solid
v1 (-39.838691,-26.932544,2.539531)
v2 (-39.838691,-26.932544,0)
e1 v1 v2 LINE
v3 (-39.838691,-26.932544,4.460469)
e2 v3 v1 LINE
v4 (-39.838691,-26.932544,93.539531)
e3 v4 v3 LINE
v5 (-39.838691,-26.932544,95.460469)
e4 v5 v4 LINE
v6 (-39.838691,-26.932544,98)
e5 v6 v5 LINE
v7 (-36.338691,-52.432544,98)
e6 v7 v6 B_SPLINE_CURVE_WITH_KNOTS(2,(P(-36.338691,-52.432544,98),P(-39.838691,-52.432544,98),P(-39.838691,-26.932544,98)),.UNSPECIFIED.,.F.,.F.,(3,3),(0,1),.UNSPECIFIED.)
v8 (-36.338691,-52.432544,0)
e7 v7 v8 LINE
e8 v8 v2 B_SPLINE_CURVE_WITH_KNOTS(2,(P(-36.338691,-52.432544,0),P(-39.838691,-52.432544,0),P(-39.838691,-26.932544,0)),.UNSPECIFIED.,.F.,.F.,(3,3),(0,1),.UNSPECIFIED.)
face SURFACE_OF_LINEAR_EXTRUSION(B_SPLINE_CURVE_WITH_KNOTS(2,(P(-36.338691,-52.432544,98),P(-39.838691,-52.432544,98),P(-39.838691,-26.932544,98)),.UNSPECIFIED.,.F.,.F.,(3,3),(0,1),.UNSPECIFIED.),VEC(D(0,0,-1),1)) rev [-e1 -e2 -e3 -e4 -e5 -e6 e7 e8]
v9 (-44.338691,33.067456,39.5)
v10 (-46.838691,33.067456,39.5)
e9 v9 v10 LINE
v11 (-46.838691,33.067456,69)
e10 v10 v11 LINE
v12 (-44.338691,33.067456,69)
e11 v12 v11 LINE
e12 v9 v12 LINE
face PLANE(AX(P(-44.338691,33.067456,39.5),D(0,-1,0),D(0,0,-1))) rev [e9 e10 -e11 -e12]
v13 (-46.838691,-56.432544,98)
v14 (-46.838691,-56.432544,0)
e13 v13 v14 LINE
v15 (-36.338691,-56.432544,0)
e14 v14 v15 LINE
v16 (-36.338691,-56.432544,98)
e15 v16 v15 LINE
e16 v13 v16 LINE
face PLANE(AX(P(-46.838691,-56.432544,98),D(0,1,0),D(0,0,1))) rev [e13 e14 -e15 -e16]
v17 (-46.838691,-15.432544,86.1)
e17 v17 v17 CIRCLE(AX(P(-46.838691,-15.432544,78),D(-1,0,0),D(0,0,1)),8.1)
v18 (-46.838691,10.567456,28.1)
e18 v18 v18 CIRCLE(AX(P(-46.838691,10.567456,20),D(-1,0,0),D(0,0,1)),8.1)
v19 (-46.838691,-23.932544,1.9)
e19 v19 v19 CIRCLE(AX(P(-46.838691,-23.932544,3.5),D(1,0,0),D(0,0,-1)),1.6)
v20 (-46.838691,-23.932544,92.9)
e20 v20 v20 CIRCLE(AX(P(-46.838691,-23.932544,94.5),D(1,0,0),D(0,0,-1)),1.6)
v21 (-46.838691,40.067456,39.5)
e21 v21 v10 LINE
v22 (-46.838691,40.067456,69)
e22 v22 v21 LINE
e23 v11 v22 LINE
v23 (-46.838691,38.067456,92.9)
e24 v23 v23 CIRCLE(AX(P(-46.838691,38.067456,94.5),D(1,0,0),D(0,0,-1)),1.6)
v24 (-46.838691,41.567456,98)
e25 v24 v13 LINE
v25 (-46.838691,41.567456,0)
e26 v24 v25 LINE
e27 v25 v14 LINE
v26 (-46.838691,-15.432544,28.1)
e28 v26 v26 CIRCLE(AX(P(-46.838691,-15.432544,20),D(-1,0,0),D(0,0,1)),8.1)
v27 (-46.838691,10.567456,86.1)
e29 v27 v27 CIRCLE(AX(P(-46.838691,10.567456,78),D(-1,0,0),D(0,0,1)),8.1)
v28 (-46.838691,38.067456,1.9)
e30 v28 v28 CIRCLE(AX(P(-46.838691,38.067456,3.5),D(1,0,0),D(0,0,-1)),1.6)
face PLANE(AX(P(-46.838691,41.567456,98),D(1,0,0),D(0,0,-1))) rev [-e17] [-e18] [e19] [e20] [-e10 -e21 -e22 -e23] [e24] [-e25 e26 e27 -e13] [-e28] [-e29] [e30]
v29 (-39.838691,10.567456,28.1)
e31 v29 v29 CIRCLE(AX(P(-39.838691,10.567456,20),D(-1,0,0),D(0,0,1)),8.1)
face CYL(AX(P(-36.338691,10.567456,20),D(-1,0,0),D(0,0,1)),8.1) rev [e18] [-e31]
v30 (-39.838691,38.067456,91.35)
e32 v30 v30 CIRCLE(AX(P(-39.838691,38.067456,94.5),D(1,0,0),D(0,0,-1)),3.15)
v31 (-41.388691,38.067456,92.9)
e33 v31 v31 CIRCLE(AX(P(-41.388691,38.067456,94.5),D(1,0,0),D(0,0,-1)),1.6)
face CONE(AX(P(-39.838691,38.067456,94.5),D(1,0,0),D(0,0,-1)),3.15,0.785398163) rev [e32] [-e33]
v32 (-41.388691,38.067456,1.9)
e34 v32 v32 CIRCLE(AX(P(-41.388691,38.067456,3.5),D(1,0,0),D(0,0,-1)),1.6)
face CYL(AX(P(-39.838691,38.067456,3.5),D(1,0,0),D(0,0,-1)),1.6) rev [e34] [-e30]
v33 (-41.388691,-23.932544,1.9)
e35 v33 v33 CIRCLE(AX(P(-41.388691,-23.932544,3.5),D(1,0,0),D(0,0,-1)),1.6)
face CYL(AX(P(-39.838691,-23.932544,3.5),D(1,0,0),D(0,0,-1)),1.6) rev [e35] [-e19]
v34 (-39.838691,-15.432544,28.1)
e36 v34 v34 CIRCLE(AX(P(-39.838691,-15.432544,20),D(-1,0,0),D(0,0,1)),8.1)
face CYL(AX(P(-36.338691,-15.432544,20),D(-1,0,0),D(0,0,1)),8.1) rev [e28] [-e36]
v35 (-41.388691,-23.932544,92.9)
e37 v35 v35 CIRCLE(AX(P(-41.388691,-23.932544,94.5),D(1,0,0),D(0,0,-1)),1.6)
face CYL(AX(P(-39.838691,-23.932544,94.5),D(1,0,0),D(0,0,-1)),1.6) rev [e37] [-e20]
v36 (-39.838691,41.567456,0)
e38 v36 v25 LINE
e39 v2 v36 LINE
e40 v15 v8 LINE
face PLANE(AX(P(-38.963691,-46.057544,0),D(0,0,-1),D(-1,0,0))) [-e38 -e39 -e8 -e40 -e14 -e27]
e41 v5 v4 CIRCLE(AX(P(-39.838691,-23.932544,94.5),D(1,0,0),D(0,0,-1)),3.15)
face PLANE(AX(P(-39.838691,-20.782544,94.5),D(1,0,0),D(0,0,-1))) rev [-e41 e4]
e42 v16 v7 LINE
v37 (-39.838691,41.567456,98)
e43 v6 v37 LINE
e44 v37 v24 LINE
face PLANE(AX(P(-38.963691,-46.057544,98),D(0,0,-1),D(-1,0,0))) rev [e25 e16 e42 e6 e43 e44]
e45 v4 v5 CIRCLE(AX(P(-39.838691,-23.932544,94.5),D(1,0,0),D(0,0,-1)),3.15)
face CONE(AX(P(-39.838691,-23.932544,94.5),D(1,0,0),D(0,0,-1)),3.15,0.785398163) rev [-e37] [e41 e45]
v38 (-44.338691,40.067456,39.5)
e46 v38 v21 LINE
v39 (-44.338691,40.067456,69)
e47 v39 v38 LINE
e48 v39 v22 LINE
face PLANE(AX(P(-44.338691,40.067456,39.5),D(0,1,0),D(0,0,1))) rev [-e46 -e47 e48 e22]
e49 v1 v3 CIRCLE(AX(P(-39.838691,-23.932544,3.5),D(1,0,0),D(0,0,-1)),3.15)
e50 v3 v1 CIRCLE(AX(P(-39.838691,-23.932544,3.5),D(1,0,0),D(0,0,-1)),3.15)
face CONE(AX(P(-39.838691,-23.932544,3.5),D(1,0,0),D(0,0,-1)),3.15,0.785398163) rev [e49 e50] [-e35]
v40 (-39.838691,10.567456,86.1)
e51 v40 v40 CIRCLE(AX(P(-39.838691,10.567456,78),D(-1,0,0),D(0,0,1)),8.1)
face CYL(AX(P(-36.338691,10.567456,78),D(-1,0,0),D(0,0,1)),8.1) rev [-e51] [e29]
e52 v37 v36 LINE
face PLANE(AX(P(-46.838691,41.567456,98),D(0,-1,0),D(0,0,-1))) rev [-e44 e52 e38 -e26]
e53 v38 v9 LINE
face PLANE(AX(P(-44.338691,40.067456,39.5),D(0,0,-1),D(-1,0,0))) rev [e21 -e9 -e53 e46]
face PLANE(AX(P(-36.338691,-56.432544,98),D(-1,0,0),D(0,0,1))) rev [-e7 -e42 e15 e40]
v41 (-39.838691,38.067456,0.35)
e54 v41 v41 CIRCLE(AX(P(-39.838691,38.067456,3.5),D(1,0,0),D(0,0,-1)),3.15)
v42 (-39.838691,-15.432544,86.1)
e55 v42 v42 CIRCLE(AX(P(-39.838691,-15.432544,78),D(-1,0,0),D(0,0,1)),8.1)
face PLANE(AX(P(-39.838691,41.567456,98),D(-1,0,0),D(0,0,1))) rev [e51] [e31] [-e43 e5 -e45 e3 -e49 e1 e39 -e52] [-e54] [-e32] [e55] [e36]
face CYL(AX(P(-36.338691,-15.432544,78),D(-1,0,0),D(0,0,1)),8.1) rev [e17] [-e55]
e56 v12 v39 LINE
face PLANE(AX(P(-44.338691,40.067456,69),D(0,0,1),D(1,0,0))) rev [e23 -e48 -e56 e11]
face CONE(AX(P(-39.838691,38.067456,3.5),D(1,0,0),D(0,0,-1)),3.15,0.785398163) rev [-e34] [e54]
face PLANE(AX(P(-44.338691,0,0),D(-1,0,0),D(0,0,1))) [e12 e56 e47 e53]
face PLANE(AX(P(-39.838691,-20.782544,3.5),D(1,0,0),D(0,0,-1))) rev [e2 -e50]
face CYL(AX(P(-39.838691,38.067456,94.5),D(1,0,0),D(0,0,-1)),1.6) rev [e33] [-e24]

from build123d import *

# Parameters (mm, degrees)
BOSS_EXTRUDE1_DEPTH                            = 98
SKETCH2_R                                      = 8.1
CUT_EXTRUDE1_DEPTH                             = 114.573245575
CSK_FOR_M3_FLAT_HEAD_MACHINE_SCREW2_AT_2_COUNT = 2
CSK_FOR_M3_FLAT_HEAD_MACHINE_SCREW2_AT_2_PITCH = 62
CSK_FOR_M3_FLAT_HEAD_MACHINE_SCREW2_AT_3_COUNT = 2
CSK_FOR_M3_FLAT_HEAD_MACHINE_SCREW2_AT_3_PITCH = 110.113577728
CSK_FOR_M3_FLAT_HEAD_MACHINE_SCREW2_AT_4_COUNT = 2
CSK_FOR_M3_FLAT_HEAD_MACHINE_SCREW2_AT_4_PITCH = 91
SKETCH9_W                                      = 29.5
SKETCH9_H                                      = 7
CUT_EXTRUDE2_DEPTH                             = 2.5


with BuildPart() as part:
    # Sketch1 → Boss-Extrude1 (new body)
    with BuildSketch(Plane.XY):
        with BuildLine():
            Line((-46.838690812, 41.567455511), (-46.838690812, -56.432544489))
            Line((-46.838690812, -56.432544489), (-36.338690812, -56.432544489))
            Line((-36.338690812, -56.432544489), (-36.338690812, -52.432544489))
            add(Edge.make_bspline(
                [(-39.838690812, -26.932544489), (-39.838690812, -52.432544489), (-36.338690812, -52.432544489)],
                knots=[0, 0, 0, 1, 1, 1], degree=2))
            Line((-39.838690812, -26.932544489), (-39.838690812, 41.567455511))
            Line((-39.838690812, 41.567455511), (-46.838690812, 41.567455511))
        make_face()
    extrude(amount=BOSS_EXTRUDE1_DEPTH)

    # Sketch2 → Cut-Extrude1 (cut, through all)
    with BuildSketch(Plane.ZY.offset(46.838690812)):
        with Locations((20, 10.567455511)):
            Circle(SKETCH2_R)
        with Locations((78, 10.567455511)):
            Circle(SKETCH2_R)
        with Locations((78, -15.432544489)):
            Circle(SKETCH2_R)
        with Locations((20, -15.432544489)):
            Circle(SKETCH2_R)
    extrude(amount=-CUT_EXTRUDE1_DEPTH, mode=Mode.SUBTRACT)

    # Sketch8 → CSK for M3 Flat Head Machine Screw2 (revolve, cut)
    with BuildSketch(Plane(origin=(-39.838690812, 38.067455511, 94.5), x_dir=(0, 0, -1), z_dir=(0, 1, 0))):
        Polygon((0, 0), (0, 10.96137699), (1.6, 10), (1.6, 1.55), (3.15, 0), align=None)
    csk_for_m3_flat_head_machine_screw2 = revolve(axis=Axis((-33.488690812, 38.067455511, 94.5), (-1, 0, 0)), mode=Mode.SUBTRACT)

    # CSK for M3 Flat Head Machine Screw2 at 2: CSK for M3 Flat Head Machine Screw2 ×2
    with Locations(*[(0, -i * CSK_FOR_M3_FLAT_HEAD_MACHINE_SCREW2_AT_2_PITCH, 0) for i in range(1, CSK_FOR_M3_FLAT_HEAD_MACHINE_SCREW2_AT_2_COUNT)]):
        add(csk_for_m3_flat_head_machine_screw2, mode=Mode.SUBTRACT)

    # CSK for M3 Flat Head Machine Screw2 at 3: CSK for M3 Flat Head Machine Screw2 ×2
    with Locations(*[Vector(0, -0.5630549953912599, -0.8264194287194296) * (i * CSK_FOR_M3_FLAT_HEAD_MACHINE_SCREW2_AT_3_PITCH) for i in range(1, CSK_FOR_M3_FLAT_HEAD_MACHINE_SCREW2_AT_3_COUNT)]):
        add(csk_for_m3_flat_head_machine_screw2, mode=Mode.SUBTRACT)

    # CSK for M3 Flat Head Machine Screw2 at 4: CSK for M3 Flat Head Machine Screw2 ×2
    with Locations(*[(0, 0, -i * CSK_FOR_M3_FLAT_HEAD_MACHINE_SCREW2_AT_4_PITCH) for i in range(1, CSK_FOR_M3_FLAT_HEAD_MACHINE_SCREW2_AT_4_COUNT)]):
        add(csk_for_m3_flat_head_machine_screw2, mode=Mode.SUBTRACT)

    # Sketch9 → Cut-Extrude2 (cut)
    with BuildSketch(Plane.ZY.offset(46.838690812)):
        with Locations((54.25, 36.567455511)):
            Rectangle(SKETCH9_W, SKETCH9_H)
    extrude(amount=-CUT_EXTRUDE2_DEPTH, mode=Mode.SUBTRACT)


solid = part.part
